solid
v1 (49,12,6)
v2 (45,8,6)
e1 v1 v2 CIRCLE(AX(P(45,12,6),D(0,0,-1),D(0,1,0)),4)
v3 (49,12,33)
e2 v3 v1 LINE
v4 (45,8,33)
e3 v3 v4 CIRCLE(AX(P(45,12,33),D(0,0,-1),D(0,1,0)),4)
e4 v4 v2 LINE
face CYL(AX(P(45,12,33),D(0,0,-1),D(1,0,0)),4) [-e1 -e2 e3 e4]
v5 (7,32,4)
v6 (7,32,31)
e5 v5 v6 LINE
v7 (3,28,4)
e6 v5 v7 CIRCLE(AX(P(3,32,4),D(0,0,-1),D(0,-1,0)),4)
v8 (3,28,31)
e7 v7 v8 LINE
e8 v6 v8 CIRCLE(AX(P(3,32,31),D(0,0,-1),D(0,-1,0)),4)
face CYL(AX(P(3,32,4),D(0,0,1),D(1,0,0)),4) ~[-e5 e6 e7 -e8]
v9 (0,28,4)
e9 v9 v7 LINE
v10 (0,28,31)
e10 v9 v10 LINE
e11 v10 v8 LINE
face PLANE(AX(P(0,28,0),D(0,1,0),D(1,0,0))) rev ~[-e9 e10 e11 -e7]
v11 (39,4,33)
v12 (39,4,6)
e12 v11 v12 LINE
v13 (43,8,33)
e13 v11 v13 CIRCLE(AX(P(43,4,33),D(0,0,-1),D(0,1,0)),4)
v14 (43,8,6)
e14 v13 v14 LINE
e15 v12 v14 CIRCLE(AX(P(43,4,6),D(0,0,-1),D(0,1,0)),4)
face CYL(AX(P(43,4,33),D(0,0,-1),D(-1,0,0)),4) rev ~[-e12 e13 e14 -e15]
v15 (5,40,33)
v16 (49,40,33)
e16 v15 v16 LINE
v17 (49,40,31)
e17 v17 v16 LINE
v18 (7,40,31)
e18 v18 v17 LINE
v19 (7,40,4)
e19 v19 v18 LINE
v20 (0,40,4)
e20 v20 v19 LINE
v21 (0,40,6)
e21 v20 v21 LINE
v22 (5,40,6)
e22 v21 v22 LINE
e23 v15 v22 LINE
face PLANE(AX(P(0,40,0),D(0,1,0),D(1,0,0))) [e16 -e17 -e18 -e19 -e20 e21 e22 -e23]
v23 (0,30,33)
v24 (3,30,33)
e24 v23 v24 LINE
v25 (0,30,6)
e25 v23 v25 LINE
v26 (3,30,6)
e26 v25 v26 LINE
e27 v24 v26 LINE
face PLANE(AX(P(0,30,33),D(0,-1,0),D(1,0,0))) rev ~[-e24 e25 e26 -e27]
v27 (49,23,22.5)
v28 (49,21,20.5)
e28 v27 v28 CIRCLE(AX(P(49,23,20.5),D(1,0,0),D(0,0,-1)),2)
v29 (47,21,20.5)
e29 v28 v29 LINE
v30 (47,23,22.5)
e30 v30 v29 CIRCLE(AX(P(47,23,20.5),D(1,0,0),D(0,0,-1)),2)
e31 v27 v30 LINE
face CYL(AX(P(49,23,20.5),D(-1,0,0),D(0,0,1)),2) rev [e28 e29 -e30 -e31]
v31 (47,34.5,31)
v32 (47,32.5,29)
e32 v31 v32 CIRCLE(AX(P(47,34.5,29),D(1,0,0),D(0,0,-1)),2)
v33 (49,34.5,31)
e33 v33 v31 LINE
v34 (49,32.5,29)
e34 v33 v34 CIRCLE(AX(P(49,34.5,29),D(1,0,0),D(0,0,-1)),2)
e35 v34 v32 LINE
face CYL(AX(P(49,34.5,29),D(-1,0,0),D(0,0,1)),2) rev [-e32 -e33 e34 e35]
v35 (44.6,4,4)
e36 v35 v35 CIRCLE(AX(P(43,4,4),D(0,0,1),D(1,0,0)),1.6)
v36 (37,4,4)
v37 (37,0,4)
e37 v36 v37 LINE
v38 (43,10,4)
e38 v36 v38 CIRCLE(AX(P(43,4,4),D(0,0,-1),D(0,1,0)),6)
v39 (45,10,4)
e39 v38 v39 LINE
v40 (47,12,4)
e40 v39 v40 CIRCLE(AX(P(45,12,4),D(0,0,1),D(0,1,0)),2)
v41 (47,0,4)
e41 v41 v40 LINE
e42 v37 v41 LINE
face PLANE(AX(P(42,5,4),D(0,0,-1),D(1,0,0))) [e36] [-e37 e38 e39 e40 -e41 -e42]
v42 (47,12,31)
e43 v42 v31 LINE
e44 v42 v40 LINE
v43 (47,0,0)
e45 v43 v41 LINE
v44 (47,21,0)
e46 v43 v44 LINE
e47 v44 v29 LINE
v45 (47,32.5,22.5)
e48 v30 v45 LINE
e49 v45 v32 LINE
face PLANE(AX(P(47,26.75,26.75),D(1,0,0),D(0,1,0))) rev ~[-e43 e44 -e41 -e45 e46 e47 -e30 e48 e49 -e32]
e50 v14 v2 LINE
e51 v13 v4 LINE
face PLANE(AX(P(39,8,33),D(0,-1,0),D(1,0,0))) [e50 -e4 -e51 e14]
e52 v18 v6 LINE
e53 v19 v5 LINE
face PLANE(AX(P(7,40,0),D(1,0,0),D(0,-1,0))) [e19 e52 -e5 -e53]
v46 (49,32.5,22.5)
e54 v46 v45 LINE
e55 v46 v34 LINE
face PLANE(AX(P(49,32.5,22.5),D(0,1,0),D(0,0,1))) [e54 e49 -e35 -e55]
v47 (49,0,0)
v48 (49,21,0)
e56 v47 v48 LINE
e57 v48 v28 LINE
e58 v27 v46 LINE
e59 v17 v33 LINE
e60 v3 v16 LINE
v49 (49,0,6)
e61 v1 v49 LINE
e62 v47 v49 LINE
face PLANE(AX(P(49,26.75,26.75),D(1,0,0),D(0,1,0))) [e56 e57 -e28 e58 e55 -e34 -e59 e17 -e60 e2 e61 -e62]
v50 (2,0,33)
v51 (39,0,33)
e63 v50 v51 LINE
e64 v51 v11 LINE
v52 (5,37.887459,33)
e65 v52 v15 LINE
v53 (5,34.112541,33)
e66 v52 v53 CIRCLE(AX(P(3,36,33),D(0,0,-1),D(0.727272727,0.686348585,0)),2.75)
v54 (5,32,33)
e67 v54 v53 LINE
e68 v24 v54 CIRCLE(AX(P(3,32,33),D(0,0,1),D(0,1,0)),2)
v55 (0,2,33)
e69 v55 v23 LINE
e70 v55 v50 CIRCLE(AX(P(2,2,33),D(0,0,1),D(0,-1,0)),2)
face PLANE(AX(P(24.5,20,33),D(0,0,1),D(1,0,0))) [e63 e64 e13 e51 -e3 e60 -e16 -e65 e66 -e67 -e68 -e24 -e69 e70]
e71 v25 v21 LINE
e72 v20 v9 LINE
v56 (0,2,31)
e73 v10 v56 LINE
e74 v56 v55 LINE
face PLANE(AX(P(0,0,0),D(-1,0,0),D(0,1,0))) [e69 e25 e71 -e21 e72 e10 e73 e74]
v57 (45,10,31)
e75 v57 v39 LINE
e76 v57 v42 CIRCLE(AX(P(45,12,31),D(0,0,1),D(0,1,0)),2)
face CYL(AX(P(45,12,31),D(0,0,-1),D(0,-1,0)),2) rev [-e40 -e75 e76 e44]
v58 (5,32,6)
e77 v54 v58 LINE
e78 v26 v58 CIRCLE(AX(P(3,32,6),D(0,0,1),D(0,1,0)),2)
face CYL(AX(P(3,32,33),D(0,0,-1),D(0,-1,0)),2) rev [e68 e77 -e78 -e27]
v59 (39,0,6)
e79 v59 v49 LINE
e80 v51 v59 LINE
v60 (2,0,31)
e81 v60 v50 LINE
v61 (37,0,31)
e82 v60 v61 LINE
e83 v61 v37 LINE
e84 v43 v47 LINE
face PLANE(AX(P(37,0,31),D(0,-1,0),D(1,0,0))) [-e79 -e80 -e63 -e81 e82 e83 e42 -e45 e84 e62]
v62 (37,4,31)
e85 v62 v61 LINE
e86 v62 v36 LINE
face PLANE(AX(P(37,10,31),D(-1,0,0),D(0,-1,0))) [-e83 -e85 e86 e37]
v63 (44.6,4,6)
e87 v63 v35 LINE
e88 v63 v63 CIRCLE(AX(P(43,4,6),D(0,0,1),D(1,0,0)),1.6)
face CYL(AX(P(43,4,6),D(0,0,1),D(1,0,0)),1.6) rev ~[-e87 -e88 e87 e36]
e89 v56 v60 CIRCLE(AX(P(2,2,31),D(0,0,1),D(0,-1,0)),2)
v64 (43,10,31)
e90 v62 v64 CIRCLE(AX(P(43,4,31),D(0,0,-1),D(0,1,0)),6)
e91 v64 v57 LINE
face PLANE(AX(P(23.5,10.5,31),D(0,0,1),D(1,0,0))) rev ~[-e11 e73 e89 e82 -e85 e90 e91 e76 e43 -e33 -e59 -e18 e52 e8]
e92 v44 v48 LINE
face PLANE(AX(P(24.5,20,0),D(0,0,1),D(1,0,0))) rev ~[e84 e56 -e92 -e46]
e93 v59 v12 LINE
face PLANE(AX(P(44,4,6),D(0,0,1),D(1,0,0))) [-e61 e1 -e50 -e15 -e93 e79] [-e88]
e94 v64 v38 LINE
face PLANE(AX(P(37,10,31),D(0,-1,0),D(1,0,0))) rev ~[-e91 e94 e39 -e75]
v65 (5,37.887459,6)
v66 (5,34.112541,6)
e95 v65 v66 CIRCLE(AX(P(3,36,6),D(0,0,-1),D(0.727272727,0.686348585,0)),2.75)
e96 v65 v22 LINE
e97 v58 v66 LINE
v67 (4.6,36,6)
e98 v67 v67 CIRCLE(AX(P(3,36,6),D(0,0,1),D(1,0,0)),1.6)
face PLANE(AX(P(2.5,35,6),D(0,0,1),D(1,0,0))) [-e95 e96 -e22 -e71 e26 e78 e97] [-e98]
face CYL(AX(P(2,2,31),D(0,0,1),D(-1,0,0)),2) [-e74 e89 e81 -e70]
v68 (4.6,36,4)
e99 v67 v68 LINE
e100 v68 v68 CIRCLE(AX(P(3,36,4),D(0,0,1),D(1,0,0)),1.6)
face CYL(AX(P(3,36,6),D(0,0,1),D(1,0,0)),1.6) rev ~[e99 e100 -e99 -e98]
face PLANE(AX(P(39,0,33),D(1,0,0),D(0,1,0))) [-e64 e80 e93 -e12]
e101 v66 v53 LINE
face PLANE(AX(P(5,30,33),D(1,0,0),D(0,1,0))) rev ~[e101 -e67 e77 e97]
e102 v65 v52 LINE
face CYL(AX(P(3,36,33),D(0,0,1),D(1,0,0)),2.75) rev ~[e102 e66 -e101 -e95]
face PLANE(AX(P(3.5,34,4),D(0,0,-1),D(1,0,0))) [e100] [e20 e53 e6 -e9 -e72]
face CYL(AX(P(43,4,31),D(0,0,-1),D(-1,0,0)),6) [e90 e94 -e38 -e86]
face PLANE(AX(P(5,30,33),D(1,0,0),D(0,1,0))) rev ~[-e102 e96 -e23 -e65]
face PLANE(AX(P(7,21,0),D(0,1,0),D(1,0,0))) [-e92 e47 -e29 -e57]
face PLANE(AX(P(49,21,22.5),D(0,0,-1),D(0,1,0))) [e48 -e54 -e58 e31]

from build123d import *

# Parameters (mm, degrees)
SKETCH_W        = 49
SKETCH_H        = 40
PAD_DEPTH       = 33
SKETCH001_W     = 47
SKETCH001_H     = 21
POCKET_DEPTH    = 31
SKETCH002_W     = 42
SKETCH002_H     = 19
POCKET001_DEPTH = 31
SKETCH003_W     = 7
SKETCH003_H     = 7
POCKET002_DEPTH = 31
SKETCH004_W     = 10
SKETCH004_H     = 10
PAD001_DEPTH    = 27
SKETCH005_W     = 10
SKETCH005_H     = 8
POCKET003_DEPTH = 27
SKETCH006_W     = 7
SKETCH006_H     = 12
POCKET004_DEPTH = 4
SKETCH007_W     = 5
SKETCH007_H     = 10
POCKET005_DEPTH = 27
FILLET_R        = 4
SKETCH008_R     = 1.6
POCKET006_DEPTH = 6.001
SKETCH009_R     = 1.6
POCKET007_DEPTH = 6.001
SKETCH010_R     = 2.75
POCKET008_DEPTH = 27
FILLET001_R     = 2
FILLET002_R     = 4
SKETCH011_W     = 11.5
SKETCH011_H     = 8.5
PAD002_DEPTH    = 2
FILLET003_R     = 2
FILLET004_R     = 4
FILLET005_R     = 6
FILLET006_R     = 2
FILLET007_R     = 2


with BuildPart() as part:
    # Sketch → Pad (new body)
    with BuildSketch(Plane.XY):
        with Locations((24.5, 20)):
            Rectangle(SKETCH_W, SKETCH_H)
    extrude(amount=PAD_DEPTH)

    # Sketch001 → Pocket (cut)
    with BuildSketch(Plane.XY):
        with Locations((23.5, 10.5)):
            Rectangle(SKETCH001_W, SKETCH001_H)
    extrude(amount=POCKET_DEPTH, mode=Mode.SUBTRACT)

    # Sketch002 (on Face4 of Pocket) → Pocket001 (cut)
    with BuildSketch(Plane(origin=(0, 0, 0), x_dir=(1, 0, 0), z_dir=(0, 0, -1))):
        with Locations((28, -30.5)):
            Rectangle(SKETCH002_W, SKETCH002_H)
    extrude(amount=-POCKET001_DEPTH, mode=Mode.SUBTRACT)

    # Sketch003 (on Face10 of Pocket001) → Pocket002 (cut)
    with BuildSketch(Plane(origin=(0, 0, 0), x_dir=(1, 0, 0), z_dir=(0, 0, -1))):
        with Locations((3.5, -24.5)):
            Rectangle(SKETCH003_W, SKETCH003_H)
    extrude(amount=-POCKET002_DEPTH, mode=Mode.SUBTRACT)

    # Sketch004 (on Face12 of Pocket002) → Pad001 (join)
    with BuildSketch(Plane(origin=(0, 0, 31), x_dir=(1, 0, 0), z_dir=(0, 0, -1))):
        with Locations((42, -5)):
            Rectangle(SKETCH004_W, SKETCH004_H)
    extrude(amount=PAD001_DEPTH)

    # Sketch005 (on Face7 of Pad001) → Pocket003 (cut)
    with BuildSketch(Plane.XY.offset(33)):
        with Locations((44, 4)):
            Rectangle(SKETCH005_W, SKETCH005_H)
    extrude(amount=-POCKET003_DEPTH, mode=Mode.SUBTRACT)

    # Sketch006 (on Face2 of Pocket003) → Pocket004 (cut)
    with BuildSketch(Plane(origin=(0, 0, 0), x_dir=(1, 0, 0), z_dir=(0, 0, -1))):
        with Locations((3.5, -34)):
            Rectangle(SKETCH006_W, SKETCH006_H)
    extrude(amount=-POCKET004_DEPTH, mode=Mode.SUBTRACT)

    # Sketch007 (on Face7 of Pocket004) → Pocket005 (cut)
    with BuildSketch(Plane.XY.offset(33)):
        with Locations((2.5, 35)):
            Rectangle(SKETCH007_W, SKETCH007_H)
    extrude(amount=-POCKET005_DEPTH, mode=Mode.SUBTRACT)

    # Fillet
    fillet_edges = [part.edges().sort_by_distance(p)[0] for p in [
        (39, 8, 19.5),
    ]]
    fillet(fillet_edges, radius=FILLET_R)

    # Sketch008 (on Face11 of Fillet) → Pocket006 (cut, through all)
    with BuildSketch(Plane.XY.offset(6)):
        with Locations((43, 4)):
            Circle(SKETCH008_R)
    extrude(amount=-POCKET006_DEPTH, mode=Mode.SUBTRACT)

    # Sketch009 (on Face16 of Pocket006) → Pocket007 (cut, through all)
    with BuildSketch(Plane.XY.offset(6)):
        with Locations((3, 36)):
            Circle(SKETCH009_R)
    extrude(amount=-POCKET007_DEPTH, mode=Mode.SUBTRACT)

    # Sketch010 (on Face1 of Pocket007) → Pocket008 (cut)
    with BuildSketch(Plane.XY.offset(33)):
        with Locations((3, 36)):
            Circle(SKETCH010_R)
    extrude(amount=-POCKET008_DEPTH, mode=Mode.SUBTRACT)

    # Fillet001
    fillet001_edges = [part.edges().sort_by_distance(p)[0] for p in [
        (5, 30, 19.5),
    ]]
    fillet(fillet001_edges, radius=FILLET001_R)

    # Fillet002
    fillet002_edges = [part.edges().sort_by_distance(p)[0] for p in [
        (49, 8, 19.5),
    ]]
    fillet(fillet002_edges, radius=FILLET002_R)

    # Sketch011 (on Face5 of Fillet002) → Pad002 (join)
    with BuildSketch(Plane.YZ.offset(49)):
        with Locations((26.75, 26.75)):
            Rectangle(SKETCH011_W, SKETCH011_H)
    extrude(amount=-PAD002_DEPTH)

    # Fillet003
    fillet003_edges = [part.edges().sort_by_distance(p)[0] for p in [
        (48, 21, 22.5),
        (48, 32.5, 31),
    ]]
    fillet(fillet003_edges, radius=FILLET003_R)

    # Fillet004
    fillet004_edges = [part.edges().sort_by_distance(p)[0] for p in [
        (7, 28, 17.5),
    ]]
    fillet(fillet004_edges, radius=FILLET004_R)

    # Fillet005
    fillet005_edges = [part.edges().sort_by_distance(p)[0] for p in [
        (37, 10, 17.5),
    ]]
    fillet(fillet005_edges, radius=FILLET005_R)

    # Fillet006
    fillet006_edges = [part.edges().sort_by_distance(p)[0] for p in [
        (47, 10, 17.5),
    ]]
    fillet(fillet006_edges, radius=FILLET006_R)

    # Fillet007
    fillet007_edges = [part.edges().sort_by_distance(p)[0] for p in [
        (0, 0, 32),
    ]]
    fillet(fillet007_edges, radius=FILLET007_R)


solid = part.part
